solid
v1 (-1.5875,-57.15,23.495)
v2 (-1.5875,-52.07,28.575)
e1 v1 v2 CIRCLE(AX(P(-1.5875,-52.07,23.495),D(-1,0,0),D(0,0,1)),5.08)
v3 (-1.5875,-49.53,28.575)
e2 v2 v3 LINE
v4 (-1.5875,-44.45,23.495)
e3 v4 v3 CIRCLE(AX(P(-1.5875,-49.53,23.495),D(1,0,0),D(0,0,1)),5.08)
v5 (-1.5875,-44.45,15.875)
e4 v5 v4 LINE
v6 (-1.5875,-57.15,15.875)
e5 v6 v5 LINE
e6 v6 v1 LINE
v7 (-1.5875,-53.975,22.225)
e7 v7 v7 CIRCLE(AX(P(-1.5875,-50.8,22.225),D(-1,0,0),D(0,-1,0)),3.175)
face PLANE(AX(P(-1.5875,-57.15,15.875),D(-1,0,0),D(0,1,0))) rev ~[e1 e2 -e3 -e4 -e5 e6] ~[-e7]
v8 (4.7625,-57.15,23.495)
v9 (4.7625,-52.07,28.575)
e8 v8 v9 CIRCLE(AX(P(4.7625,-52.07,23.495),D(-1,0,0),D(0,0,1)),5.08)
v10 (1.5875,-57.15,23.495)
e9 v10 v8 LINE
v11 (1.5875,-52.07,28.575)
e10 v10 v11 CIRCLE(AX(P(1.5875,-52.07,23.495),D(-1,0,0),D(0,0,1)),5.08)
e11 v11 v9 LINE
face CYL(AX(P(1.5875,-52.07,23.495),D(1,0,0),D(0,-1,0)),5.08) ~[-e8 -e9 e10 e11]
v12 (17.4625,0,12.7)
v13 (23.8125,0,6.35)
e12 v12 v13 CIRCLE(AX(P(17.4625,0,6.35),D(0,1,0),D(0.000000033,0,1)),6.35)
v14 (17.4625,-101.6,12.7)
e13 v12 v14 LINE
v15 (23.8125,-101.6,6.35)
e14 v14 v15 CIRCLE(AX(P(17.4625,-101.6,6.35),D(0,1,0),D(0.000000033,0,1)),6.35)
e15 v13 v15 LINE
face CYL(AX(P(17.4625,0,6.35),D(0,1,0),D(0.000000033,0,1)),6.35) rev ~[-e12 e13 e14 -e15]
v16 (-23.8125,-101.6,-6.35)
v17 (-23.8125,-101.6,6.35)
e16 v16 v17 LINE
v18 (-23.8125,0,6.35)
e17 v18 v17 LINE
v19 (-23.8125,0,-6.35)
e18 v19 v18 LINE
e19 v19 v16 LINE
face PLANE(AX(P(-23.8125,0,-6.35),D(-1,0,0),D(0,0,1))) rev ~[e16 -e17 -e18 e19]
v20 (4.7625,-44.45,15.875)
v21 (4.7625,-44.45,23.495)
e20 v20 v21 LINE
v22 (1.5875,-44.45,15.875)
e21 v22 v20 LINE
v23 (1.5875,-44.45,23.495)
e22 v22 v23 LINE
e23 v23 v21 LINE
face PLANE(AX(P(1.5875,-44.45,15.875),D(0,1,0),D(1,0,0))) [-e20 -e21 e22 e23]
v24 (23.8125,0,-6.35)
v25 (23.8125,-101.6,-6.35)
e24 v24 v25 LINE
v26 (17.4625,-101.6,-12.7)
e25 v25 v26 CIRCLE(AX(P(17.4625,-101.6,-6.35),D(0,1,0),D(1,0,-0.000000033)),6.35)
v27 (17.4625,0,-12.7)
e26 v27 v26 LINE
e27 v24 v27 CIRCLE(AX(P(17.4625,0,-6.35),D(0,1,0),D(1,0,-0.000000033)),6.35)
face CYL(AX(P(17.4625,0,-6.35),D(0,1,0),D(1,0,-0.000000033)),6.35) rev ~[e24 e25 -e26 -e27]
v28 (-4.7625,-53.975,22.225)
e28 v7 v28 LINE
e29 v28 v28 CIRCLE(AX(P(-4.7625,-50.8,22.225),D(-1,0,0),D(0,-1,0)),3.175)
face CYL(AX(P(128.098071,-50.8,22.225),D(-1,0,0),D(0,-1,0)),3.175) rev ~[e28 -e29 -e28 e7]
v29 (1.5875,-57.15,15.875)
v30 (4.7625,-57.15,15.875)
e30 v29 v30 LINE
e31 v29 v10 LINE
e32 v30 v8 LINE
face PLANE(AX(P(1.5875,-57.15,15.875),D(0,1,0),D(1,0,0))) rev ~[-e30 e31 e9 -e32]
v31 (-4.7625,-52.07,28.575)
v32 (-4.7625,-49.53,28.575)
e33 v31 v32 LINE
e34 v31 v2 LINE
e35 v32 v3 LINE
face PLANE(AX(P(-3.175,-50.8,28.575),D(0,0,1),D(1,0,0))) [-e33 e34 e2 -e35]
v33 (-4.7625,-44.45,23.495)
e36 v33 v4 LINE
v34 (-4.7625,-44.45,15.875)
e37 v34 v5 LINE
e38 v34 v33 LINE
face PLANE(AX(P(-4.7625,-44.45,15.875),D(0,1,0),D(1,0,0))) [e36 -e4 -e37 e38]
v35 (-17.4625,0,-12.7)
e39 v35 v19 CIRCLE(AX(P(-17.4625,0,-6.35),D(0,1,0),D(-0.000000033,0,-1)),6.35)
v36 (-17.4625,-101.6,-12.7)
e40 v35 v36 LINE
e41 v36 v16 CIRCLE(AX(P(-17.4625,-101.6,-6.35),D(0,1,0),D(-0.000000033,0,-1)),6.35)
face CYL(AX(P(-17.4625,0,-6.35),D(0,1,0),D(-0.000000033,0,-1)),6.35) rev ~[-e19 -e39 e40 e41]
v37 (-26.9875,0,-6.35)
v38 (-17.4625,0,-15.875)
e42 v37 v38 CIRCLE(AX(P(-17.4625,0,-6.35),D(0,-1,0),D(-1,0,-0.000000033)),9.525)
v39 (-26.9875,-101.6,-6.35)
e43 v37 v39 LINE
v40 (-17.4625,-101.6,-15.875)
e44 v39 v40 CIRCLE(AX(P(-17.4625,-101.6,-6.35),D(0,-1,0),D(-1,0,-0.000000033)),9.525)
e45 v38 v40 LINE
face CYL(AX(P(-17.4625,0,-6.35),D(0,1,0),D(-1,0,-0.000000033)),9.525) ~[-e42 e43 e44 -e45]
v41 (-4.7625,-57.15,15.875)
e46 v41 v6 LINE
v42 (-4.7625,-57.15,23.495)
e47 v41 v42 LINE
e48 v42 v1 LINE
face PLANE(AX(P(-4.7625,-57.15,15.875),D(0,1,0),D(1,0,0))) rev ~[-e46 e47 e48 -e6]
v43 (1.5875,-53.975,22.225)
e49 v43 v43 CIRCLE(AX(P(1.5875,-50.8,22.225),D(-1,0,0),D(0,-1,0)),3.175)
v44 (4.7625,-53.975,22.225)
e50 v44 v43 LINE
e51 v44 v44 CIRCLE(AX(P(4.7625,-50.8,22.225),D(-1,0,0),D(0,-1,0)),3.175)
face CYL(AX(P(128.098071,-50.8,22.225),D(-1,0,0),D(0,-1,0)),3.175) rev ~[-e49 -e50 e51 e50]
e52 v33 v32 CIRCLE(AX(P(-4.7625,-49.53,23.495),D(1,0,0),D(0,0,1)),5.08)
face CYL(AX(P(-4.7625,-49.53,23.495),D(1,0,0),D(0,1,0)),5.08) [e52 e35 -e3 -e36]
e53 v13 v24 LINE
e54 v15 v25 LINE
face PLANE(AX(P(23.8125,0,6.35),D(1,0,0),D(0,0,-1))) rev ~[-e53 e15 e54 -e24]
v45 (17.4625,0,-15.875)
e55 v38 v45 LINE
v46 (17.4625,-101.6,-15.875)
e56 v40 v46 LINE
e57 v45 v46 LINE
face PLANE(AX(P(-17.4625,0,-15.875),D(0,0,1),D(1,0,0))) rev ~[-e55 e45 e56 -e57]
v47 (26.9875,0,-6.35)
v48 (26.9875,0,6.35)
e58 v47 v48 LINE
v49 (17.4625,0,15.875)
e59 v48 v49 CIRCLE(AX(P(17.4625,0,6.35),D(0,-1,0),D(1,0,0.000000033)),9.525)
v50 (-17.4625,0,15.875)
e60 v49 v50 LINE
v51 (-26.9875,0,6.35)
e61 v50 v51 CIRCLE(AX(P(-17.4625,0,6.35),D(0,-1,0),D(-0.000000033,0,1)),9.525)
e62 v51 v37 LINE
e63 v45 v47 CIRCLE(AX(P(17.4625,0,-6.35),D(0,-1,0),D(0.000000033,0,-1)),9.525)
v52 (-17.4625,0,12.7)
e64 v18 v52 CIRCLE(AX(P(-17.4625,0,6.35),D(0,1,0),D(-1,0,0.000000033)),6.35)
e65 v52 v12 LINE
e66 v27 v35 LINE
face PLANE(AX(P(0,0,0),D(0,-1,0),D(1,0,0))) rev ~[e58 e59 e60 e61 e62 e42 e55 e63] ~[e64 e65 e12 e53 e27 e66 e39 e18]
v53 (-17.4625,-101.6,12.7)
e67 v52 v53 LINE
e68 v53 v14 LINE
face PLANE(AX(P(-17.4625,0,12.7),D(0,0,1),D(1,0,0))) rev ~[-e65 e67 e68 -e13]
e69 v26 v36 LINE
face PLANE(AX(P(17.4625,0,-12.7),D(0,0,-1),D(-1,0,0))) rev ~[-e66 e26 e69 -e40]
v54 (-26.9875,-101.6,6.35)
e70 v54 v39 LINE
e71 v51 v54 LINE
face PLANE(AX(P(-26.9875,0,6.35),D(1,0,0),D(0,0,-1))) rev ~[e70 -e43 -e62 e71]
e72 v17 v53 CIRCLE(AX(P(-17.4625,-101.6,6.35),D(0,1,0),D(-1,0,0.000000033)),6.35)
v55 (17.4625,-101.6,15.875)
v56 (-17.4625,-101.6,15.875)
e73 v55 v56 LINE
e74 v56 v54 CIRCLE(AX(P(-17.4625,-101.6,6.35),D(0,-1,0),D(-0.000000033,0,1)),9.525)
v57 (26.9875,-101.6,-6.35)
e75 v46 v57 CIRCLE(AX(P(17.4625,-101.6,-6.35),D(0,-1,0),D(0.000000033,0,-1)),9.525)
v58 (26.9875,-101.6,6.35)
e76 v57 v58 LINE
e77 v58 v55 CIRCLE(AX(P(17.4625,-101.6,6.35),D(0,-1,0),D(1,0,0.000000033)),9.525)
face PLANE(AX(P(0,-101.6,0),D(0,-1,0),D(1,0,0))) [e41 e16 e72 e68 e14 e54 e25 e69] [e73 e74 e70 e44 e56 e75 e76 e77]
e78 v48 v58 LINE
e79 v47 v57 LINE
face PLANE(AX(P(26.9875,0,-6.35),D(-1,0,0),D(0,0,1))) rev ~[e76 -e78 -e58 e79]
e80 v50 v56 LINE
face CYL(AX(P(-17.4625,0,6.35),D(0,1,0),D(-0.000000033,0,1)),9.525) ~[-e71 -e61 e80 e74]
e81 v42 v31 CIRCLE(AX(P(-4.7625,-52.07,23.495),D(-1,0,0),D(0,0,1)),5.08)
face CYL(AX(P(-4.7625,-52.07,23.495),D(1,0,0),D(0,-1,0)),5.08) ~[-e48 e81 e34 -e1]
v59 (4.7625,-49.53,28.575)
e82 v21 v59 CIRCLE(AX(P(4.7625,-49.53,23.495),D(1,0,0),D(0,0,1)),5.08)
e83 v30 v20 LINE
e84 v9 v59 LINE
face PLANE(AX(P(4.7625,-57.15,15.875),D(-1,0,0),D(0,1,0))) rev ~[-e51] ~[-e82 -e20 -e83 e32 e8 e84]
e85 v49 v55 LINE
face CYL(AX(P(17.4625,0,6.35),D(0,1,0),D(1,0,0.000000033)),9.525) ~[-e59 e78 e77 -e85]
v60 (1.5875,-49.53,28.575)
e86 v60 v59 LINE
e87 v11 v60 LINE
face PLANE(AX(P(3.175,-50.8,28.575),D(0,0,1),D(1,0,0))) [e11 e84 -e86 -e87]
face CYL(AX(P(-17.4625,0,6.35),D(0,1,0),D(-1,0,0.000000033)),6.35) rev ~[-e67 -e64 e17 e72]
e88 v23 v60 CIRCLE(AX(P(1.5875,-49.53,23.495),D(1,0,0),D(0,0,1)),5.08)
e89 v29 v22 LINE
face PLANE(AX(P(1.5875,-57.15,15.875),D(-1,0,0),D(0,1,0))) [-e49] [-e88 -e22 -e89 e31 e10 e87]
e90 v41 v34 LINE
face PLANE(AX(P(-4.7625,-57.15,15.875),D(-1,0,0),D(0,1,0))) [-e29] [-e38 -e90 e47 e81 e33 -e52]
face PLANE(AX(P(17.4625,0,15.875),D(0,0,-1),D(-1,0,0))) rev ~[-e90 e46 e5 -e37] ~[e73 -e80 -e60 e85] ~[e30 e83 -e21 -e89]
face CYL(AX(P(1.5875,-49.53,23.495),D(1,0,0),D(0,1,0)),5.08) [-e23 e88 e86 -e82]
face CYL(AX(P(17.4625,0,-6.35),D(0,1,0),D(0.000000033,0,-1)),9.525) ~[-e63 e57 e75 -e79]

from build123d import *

# Parameters (mm, degrees)
F1_DEPTH = 101.6
F2_W     = 3.175
F2_H     = 12.7
F3_DEPTH = 12.7
F5_D     = 6.35
F6_R     = 5.08


with BuildPart() as f1:
    # F0 (on Front) → F1 (new body)
    with BuildSketch(Plane.XZ):
        with BuildLine():
            Line((17.4625, 15.875), (-17.4625, 15.875))
            ThreePointArc((-17.4625, 15.875), (-24.197692, 13.085192), (-26.9875, 6.35))
            Line((-26.9875, 6.35), (-26.9875, -6.35))
            ThreePointArc((-26.9875, -6.35), (-24.197692, -13.085192), (-17.4625, -15.875))
            Line((-17.4625, -15.875), (17.4625, -15.875))
            ThreePointArc((17.4625, -15.875), (24.197692, -13.085192), (26.9875, -6.35))
            Line((26.9875, -6.35), (26.9875, 6.35))
            ThreePointArc((26.9875, 6.35), (24.197692, 13.085192), (17.4625, 15.875))
        make_face()
        with BuildLine():
            ThreePointArc((-23.8125, 6.35), (-21.952628, 10.840128), (-17.4625, 12.7))
            Line((-17.4625, 12.7), (17.4625, 12.7))
            ThreePointArc((17.4625, 12.7), (21.952628, 10.840128), (23.8125, 6.35))
            Line((23.8125, 6.35), (23.8125, -6.35))
            ThreePointArc((23.8125, -6.35), (21.952628, -10.840128), (17.4625, -12.7))
            Line((17.4625, -12.7), (-17.4625, -12.7))
            ThreePointArc((-17.4625, -12.7), (-21.952628, -10.840128), (-23.8125, -6.35))
            Line((-23.8125, -6.35), (-23.8125, 6.35))
        make_face(mode=Mode.SUBTRACT)
    extrude(amount=F1_DEPTH)

    # F2 (on face) → F3 (join)
    with BuildSketch(Plane.XY.offset(15.875)):
        with Locations((-3.175, -50.8)):
            Rectangle(F2_W, F2_H)
        with Locations((3.175, -50.8)):
            Rectangle(F2_W, F2_H)
    extrude(amount=F3_DEPTH)

    # F5 (through all)
    with Locations(Plane.YZ.offset(4.7625)):
        with Locations((-50.8, 22.225)):
            Hole(F5_D / 2)

    # F6
    f6_edges = [f1.edges().sort_by_distance(p)[0] for p in [
        (-3.175, -57.15, 28.575),
        (3.175, -57.15, 28.575),
        (3.175, -44.45, 28.575),
        (-3.175, -44.45, 28.575),
    ]]
    fillet(f6_edges, radius=F6_R)


solid = f1.part
